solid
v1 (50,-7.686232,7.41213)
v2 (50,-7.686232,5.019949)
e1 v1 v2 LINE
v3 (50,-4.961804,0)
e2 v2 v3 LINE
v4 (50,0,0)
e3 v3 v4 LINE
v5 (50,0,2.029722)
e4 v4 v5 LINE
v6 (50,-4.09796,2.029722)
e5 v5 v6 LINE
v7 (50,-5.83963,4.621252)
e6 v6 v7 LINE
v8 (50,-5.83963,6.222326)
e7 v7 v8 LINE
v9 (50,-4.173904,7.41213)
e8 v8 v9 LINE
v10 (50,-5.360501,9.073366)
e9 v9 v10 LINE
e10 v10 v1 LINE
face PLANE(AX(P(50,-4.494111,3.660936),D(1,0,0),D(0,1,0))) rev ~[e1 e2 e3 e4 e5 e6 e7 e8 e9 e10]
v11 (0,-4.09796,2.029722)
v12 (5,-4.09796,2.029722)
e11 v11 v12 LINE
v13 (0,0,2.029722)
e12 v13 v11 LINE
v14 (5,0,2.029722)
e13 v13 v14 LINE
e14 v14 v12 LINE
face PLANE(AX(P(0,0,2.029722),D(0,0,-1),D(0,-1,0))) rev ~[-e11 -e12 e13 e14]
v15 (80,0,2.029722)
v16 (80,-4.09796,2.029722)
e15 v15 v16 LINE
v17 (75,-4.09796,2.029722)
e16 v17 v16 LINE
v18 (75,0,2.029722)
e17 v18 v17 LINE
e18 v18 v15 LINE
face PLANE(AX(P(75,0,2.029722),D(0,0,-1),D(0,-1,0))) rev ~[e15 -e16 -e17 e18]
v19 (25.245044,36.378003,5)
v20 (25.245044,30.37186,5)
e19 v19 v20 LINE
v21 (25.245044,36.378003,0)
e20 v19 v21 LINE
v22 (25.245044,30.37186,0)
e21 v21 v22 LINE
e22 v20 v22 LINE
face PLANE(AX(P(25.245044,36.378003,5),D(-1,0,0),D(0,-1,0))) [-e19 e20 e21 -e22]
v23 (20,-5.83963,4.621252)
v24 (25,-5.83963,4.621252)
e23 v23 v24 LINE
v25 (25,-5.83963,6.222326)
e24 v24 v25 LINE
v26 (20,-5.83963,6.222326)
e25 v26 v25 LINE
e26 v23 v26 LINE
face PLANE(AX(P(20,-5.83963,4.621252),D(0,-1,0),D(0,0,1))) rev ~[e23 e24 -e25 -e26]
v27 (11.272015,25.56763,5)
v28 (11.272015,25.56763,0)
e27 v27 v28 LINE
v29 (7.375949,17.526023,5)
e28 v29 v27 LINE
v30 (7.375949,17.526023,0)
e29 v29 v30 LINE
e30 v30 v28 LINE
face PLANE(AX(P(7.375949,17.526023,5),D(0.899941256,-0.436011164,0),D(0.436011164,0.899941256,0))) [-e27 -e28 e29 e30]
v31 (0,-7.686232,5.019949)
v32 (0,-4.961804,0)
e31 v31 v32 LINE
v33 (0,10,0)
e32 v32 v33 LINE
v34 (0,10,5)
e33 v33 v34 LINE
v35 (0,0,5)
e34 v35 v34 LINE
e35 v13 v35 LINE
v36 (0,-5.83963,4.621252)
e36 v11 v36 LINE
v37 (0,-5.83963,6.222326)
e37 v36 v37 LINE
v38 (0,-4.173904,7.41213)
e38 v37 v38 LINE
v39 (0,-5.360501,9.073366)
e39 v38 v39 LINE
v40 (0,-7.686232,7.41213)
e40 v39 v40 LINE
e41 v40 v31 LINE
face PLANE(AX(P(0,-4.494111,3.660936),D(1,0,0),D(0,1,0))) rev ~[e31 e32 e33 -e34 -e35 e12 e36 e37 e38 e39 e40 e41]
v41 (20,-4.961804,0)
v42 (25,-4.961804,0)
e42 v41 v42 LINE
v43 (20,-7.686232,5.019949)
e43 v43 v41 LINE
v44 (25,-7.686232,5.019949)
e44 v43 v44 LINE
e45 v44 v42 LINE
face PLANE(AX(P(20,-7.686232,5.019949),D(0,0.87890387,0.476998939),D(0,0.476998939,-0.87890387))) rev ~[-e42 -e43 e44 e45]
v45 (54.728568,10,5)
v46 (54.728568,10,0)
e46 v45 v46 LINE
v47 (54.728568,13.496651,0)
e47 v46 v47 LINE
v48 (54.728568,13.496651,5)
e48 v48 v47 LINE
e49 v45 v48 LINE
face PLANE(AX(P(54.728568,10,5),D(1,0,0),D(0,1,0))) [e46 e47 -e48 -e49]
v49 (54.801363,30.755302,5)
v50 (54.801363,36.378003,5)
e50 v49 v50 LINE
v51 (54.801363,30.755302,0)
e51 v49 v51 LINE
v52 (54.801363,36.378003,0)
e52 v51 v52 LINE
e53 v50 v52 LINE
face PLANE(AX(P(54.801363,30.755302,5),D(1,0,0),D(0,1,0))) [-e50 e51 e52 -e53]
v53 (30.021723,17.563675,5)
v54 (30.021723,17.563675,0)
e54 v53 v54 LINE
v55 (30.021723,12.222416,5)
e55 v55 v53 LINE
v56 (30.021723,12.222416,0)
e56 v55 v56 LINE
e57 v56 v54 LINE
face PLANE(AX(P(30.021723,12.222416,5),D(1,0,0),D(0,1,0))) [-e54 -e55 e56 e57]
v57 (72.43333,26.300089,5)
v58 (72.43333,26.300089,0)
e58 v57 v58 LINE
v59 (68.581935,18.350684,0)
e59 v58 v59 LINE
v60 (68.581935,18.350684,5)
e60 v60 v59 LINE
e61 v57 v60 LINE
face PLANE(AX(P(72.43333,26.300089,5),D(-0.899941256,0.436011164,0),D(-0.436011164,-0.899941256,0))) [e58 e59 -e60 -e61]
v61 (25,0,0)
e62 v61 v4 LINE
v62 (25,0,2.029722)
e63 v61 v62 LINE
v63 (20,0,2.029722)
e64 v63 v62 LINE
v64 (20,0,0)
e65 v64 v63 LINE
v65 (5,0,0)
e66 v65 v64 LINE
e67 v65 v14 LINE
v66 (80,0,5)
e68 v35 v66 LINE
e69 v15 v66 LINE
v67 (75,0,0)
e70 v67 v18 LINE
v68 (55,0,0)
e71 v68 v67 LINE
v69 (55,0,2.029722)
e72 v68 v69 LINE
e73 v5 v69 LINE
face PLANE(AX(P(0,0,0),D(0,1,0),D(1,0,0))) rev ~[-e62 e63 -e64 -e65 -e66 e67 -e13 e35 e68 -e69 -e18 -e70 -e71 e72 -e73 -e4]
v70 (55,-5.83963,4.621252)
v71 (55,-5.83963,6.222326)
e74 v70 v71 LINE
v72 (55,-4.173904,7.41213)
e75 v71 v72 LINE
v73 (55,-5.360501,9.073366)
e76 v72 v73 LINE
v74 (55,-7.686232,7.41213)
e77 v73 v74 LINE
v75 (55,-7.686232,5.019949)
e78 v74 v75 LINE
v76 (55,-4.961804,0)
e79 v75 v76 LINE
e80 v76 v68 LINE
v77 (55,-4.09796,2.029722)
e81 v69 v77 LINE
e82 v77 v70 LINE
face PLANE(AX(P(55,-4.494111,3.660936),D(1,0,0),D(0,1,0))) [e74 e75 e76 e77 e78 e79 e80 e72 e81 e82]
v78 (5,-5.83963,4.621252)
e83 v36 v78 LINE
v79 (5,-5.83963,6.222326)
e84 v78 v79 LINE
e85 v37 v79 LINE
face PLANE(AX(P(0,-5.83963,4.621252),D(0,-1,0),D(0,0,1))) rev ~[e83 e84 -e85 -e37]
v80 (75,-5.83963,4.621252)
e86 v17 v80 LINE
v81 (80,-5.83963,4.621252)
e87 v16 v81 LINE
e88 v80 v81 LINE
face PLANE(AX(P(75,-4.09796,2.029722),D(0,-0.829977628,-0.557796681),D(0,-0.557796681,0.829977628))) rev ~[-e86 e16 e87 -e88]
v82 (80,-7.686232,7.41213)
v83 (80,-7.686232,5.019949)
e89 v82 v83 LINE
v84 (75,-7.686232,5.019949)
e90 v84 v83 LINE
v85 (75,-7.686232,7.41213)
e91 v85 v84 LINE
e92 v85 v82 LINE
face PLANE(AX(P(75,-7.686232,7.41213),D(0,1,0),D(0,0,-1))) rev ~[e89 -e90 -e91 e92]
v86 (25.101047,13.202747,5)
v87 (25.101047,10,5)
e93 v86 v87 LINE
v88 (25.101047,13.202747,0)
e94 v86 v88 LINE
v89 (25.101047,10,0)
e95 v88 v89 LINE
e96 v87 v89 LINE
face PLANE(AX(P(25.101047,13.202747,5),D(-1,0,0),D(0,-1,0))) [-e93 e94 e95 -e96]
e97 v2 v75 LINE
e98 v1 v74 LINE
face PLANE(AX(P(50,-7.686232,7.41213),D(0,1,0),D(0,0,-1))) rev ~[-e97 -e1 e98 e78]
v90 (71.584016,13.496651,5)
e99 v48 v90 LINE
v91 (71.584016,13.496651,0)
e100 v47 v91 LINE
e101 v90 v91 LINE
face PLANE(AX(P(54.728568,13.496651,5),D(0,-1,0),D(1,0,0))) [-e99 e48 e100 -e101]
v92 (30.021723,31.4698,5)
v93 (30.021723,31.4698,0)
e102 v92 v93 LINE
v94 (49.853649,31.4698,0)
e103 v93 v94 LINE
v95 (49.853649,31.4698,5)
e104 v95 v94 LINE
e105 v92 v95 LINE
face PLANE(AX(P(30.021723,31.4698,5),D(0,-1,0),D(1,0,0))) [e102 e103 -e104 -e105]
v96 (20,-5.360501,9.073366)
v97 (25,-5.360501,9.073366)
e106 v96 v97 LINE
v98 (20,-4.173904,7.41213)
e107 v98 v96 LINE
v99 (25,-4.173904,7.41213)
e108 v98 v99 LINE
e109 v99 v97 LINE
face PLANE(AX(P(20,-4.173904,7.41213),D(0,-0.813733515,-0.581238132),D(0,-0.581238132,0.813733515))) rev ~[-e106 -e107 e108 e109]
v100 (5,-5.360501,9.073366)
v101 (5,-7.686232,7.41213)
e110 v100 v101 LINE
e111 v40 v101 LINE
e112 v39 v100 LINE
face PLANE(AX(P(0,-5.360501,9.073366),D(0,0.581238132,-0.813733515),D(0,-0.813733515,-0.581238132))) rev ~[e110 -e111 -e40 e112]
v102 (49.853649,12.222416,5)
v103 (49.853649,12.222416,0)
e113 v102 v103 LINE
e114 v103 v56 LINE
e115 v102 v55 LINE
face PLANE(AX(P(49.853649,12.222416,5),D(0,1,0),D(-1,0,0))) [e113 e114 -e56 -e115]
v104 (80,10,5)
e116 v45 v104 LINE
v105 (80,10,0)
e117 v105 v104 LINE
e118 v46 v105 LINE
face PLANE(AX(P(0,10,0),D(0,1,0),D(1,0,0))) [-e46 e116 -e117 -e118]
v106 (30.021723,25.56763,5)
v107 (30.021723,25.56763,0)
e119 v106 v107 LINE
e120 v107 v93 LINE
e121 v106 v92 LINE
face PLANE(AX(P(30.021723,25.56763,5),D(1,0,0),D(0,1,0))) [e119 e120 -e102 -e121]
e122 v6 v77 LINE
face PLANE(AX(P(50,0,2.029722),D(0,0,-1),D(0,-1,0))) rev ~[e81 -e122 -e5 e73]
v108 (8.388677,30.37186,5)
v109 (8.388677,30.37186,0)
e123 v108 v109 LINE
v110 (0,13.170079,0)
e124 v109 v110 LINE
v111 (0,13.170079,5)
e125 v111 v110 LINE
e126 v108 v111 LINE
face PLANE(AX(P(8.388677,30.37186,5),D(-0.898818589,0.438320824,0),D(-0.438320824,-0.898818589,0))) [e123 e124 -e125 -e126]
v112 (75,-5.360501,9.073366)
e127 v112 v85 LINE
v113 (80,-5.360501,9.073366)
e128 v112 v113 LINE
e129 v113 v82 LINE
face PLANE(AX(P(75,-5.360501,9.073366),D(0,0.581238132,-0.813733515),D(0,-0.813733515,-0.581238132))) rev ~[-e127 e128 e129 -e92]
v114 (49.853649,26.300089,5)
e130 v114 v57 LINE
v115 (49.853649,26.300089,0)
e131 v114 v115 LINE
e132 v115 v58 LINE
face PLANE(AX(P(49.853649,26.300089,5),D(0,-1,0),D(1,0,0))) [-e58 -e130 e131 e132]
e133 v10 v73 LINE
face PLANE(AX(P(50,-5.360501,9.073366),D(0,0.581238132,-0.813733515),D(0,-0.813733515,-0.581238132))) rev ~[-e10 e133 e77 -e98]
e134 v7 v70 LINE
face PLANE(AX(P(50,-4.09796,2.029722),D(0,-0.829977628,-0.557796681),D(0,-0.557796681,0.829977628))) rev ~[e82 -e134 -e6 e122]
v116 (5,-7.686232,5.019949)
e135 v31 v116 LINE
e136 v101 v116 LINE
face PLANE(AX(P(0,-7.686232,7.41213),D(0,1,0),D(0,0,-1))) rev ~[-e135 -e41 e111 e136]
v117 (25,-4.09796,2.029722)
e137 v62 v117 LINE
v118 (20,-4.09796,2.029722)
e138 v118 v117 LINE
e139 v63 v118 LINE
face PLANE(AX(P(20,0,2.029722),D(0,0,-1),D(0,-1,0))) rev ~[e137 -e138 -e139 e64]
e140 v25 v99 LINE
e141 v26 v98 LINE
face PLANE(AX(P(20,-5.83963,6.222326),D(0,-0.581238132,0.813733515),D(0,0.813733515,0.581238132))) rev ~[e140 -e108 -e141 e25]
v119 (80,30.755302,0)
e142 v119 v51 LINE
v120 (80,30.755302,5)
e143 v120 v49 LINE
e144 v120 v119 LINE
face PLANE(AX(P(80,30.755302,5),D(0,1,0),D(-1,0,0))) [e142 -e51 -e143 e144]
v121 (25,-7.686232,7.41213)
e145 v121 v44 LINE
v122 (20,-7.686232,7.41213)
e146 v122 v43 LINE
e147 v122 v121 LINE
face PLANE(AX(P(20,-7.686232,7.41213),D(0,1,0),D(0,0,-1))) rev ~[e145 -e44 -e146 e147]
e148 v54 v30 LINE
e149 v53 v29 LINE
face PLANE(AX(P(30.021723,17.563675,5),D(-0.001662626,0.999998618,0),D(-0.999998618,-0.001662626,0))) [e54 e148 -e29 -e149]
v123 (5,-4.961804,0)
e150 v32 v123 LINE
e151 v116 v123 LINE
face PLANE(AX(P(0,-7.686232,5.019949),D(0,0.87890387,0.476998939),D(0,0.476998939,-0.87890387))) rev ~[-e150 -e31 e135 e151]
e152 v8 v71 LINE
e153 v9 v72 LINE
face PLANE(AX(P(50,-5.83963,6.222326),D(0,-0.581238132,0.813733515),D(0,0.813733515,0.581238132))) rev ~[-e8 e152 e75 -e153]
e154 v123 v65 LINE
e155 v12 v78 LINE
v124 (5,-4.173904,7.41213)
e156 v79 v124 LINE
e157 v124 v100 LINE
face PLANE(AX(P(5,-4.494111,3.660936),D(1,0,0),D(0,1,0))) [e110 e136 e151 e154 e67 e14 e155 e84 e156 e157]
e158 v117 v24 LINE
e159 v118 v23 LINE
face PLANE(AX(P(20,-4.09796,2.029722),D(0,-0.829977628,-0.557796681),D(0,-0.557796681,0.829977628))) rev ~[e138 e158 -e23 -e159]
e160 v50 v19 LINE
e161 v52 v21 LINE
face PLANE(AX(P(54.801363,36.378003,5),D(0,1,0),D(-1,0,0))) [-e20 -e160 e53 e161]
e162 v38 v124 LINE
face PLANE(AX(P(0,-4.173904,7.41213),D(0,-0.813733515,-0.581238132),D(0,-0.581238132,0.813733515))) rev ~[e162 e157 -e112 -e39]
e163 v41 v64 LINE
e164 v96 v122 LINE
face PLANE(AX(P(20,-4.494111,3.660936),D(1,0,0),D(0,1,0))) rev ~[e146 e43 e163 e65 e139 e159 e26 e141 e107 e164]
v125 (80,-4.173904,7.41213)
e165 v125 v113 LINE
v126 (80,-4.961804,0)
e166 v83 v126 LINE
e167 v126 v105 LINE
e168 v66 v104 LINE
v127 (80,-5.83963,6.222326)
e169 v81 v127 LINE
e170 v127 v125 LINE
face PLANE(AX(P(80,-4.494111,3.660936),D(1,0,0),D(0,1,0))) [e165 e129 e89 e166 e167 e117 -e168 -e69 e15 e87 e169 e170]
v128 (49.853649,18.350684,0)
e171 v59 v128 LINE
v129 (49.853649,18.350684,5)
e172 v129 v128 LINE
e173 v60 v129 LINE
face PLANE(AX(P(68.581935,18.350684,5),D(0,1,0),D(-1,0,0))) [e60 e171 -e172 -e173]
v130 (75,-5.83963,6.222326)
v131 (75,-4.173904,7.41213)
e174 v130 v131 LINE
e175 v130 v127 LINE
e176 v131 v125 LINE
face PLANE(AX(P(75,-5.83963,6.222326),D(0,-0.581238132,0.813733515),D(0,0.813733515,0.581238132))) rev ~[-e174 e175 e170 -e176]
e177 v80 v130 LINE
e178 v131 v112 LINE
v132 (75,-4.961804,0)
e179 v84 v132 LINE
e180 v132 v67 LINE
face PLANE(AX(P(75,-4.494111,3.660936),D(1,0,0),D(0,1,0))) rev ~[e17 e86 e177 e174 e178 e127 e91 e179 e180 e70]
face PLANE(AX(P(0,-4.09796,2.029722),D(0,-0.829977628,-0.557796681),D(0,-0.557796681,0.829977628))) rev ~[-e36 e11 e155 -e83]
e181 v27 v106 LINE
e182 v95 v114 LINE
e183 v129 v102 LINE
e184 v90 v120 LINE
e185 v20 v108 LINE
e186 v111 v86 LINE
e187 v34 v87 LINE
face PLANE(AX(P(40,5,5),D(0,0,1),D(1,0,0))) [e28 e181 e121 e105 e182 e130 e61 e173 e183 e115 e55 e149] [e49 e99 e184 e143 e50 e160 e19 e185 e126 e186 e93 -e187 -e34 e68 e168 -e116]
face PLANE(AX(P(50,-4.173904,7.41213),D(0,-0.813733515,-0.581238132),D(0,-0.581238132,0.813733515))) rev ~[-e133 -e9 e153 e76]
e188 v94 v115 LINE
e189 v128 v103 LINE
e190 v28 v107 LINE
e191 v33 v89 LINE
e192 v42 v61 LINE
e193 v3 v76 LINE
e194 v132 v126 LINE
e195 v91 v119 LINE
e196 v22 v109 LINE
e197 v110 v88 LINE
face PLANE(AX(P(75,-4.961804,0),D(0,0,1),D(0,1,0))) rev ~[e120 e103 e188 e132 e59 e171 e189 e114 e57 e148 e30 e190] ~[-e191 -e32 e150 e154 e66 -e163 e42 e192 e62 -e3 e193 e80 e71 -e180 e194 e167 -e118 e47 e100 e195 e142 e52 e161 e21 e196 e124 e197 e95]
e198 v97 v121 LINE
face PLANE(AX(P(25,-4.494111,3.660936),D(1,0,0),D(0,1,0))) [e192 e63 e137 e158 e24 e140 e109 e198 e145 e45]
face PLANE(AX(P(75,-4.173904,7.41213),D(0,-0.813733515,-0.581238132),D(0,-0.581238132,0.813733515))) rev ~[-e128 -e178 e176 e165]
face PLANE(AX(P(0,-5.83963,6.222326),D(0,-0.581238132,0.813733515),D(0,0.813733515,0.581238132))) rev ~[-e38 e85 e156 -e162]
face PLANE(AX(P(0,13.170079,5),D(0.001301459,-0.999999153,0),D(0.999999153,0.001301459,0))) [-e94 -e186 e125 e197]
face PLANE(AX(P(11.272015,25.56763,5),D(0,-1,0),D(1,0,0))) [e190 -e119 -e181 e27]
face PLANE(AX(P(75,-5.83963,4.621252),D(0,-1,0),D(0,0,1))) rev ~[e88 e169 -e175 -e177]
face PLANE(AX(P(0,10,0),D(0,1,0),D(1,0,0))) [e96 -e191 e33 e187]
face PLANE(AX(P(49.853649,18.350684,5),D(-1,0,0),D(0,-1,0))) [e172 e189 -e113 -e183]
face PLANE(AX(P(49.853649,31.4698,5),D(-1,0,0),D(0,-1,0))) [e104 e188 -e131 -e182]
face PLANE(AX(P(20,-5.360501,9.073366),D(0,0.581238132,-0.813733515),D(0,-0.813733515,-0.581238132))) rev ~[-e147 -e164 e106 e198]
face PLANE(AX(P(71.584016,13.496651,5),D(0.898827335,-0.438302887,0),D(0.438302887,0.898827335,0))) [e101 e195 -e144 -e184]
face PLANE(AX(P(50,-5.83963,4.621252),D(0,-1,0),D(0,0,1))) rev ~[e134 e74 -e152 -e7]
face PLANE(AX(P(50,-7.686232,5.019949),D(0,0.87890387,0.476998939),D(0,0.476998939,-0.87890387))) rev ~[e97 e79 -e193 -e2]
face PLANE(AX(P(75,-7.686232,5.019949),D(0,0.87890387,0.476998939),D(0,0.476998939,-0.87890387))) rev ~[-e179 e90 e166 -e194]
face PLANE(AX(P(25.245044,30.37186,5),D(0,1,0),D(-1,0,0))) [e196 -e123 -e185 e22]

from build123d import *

# Parameters (mm, degrees)
F0_W      = 80
F0_H      = 10
F1_DEPTH  = 5
F3_DEPTH  = 5
F6_DEPTH  = 5
F9_DEPTH  = 5
F12_DEPTH = 5
F14_DEPTH = 5


with BuildPart() as f1:
    # F0 (on Top) → F1 (new body)
    with BuildSketch(Plane.XY):
        with Locations((40, 5)):
            Rectangle(F0_W, F0_H)
    extrude(amount=F1_DEPTH)

    # F2 (on Right) → F3 (join)
    with BuildSketch(Plane.YZ):
        Polygon((-4.9618040211, 0), (0, 0), (0, 2.0297223236), (-4.097959958, 2.0297223236), (-5.8396296574, 4.6212524176), (-5.8396296574, 6.2223259127), (-4.17390365, 7.4121300131), (-5.360500887, 9.073366411), (-7.6862322167, 7.4121300131), (-7.6862322167, 5.0199492835), align=None)
    extrude(amount=F3_DEPTH)

    # F5 (on offset) → F6 (join)
    with BuildSketch(Plane.YZ.offset(20)):
        Polygon((-4.9618040211, 0), (0, 0), (0, 2.0297223236), (-4.097959958, 2.0297223236), (-5.8396296574, 4.6212524176), (-5.8396296574, 6.2223259127), (-4.17390365, 7.4121300131), (-5.360500887, 9.073366411), (-7.6862322167, 7.4121300131), (-7.6862322167, 5.0199492835), align=None)
    extrude(amount=F6_DEPTH)

    # F8 (on offset) → F9 (join)
    with BuildSketch(Plane.YZ.offset(50)):
        Polygon((-5.360500887, 9.073366411), (-7.6862322167, 7.4121300131), (-7.6862322167, 5.0199492835), (-4.9618040211, 0), (0, 0), (0, 2.0297223236), (-4.097959958, 2.0297223236), (-5.8396296574, 4.6212524176), (-5.8396296574, 6.2223259127), (-4.17390365, 7.4121300131), align=None)
    extrude(amount=F9_DEPTH)

    # F11 (on offset) → F12 (join)
    with BuildSketch(Plane.YZ.offset(75)):
        Polygon((-5.8396296574, 6.2223259127), (-4.17390365, 7.4121300131), (-5.360500887, 9.073366411), (-7.6862322167, 7.4121300131), (-7.6862322167, 5.0199492835), (-4.9618040211, 0), (0, 0), (0, 2.0297223236), (-4.097959958, 2.0297223236), (-5.8396296574, 4.6212524176), align=None)
    extrude(amount=F12_DEPTH)

    # F13 (on face) → F14 (join)
    with BuildSketch(Plane.XY.offset(5)):
        Polygon((8.3886766806, 30.3718596697), (0, 13.1700793281), (25.1010470092, 13.2027473301), (25.1010470092, 10), (54.7285676003, 10), (54.7285676003, 13.4966513142), (71.5840160847, 13.4966513142), (80, 30.7553019375), (54.801363498, 30.7553019375), (54.801363498, 36.3780027509), (25.2450443804, 36.3780027509), (25.2450443804, 30.3718596697), align=None)
        Polygon((30.0217233598, 17.5636745989), (7.3759490624, 17.5260230899), (11.2720150501, 25.5676303059), (30.0217233598, 25.5676303059), (30.0217233598, 31.4697995782), (49.8536489904, 31.4697995782), (49.8536489904, 26.3000894338), (72.4333301187, 26.3000894338), (68.5819346344, 18.350683593), (49.8536489904, 18.350683593), (49.8536489904, 12.2224157676), (30.0217233598, 12.2224157676), align=None, mode=Mode.SUBTRACT)
    extrude(amount=-F14_DEPTH)


solid = f1.part
